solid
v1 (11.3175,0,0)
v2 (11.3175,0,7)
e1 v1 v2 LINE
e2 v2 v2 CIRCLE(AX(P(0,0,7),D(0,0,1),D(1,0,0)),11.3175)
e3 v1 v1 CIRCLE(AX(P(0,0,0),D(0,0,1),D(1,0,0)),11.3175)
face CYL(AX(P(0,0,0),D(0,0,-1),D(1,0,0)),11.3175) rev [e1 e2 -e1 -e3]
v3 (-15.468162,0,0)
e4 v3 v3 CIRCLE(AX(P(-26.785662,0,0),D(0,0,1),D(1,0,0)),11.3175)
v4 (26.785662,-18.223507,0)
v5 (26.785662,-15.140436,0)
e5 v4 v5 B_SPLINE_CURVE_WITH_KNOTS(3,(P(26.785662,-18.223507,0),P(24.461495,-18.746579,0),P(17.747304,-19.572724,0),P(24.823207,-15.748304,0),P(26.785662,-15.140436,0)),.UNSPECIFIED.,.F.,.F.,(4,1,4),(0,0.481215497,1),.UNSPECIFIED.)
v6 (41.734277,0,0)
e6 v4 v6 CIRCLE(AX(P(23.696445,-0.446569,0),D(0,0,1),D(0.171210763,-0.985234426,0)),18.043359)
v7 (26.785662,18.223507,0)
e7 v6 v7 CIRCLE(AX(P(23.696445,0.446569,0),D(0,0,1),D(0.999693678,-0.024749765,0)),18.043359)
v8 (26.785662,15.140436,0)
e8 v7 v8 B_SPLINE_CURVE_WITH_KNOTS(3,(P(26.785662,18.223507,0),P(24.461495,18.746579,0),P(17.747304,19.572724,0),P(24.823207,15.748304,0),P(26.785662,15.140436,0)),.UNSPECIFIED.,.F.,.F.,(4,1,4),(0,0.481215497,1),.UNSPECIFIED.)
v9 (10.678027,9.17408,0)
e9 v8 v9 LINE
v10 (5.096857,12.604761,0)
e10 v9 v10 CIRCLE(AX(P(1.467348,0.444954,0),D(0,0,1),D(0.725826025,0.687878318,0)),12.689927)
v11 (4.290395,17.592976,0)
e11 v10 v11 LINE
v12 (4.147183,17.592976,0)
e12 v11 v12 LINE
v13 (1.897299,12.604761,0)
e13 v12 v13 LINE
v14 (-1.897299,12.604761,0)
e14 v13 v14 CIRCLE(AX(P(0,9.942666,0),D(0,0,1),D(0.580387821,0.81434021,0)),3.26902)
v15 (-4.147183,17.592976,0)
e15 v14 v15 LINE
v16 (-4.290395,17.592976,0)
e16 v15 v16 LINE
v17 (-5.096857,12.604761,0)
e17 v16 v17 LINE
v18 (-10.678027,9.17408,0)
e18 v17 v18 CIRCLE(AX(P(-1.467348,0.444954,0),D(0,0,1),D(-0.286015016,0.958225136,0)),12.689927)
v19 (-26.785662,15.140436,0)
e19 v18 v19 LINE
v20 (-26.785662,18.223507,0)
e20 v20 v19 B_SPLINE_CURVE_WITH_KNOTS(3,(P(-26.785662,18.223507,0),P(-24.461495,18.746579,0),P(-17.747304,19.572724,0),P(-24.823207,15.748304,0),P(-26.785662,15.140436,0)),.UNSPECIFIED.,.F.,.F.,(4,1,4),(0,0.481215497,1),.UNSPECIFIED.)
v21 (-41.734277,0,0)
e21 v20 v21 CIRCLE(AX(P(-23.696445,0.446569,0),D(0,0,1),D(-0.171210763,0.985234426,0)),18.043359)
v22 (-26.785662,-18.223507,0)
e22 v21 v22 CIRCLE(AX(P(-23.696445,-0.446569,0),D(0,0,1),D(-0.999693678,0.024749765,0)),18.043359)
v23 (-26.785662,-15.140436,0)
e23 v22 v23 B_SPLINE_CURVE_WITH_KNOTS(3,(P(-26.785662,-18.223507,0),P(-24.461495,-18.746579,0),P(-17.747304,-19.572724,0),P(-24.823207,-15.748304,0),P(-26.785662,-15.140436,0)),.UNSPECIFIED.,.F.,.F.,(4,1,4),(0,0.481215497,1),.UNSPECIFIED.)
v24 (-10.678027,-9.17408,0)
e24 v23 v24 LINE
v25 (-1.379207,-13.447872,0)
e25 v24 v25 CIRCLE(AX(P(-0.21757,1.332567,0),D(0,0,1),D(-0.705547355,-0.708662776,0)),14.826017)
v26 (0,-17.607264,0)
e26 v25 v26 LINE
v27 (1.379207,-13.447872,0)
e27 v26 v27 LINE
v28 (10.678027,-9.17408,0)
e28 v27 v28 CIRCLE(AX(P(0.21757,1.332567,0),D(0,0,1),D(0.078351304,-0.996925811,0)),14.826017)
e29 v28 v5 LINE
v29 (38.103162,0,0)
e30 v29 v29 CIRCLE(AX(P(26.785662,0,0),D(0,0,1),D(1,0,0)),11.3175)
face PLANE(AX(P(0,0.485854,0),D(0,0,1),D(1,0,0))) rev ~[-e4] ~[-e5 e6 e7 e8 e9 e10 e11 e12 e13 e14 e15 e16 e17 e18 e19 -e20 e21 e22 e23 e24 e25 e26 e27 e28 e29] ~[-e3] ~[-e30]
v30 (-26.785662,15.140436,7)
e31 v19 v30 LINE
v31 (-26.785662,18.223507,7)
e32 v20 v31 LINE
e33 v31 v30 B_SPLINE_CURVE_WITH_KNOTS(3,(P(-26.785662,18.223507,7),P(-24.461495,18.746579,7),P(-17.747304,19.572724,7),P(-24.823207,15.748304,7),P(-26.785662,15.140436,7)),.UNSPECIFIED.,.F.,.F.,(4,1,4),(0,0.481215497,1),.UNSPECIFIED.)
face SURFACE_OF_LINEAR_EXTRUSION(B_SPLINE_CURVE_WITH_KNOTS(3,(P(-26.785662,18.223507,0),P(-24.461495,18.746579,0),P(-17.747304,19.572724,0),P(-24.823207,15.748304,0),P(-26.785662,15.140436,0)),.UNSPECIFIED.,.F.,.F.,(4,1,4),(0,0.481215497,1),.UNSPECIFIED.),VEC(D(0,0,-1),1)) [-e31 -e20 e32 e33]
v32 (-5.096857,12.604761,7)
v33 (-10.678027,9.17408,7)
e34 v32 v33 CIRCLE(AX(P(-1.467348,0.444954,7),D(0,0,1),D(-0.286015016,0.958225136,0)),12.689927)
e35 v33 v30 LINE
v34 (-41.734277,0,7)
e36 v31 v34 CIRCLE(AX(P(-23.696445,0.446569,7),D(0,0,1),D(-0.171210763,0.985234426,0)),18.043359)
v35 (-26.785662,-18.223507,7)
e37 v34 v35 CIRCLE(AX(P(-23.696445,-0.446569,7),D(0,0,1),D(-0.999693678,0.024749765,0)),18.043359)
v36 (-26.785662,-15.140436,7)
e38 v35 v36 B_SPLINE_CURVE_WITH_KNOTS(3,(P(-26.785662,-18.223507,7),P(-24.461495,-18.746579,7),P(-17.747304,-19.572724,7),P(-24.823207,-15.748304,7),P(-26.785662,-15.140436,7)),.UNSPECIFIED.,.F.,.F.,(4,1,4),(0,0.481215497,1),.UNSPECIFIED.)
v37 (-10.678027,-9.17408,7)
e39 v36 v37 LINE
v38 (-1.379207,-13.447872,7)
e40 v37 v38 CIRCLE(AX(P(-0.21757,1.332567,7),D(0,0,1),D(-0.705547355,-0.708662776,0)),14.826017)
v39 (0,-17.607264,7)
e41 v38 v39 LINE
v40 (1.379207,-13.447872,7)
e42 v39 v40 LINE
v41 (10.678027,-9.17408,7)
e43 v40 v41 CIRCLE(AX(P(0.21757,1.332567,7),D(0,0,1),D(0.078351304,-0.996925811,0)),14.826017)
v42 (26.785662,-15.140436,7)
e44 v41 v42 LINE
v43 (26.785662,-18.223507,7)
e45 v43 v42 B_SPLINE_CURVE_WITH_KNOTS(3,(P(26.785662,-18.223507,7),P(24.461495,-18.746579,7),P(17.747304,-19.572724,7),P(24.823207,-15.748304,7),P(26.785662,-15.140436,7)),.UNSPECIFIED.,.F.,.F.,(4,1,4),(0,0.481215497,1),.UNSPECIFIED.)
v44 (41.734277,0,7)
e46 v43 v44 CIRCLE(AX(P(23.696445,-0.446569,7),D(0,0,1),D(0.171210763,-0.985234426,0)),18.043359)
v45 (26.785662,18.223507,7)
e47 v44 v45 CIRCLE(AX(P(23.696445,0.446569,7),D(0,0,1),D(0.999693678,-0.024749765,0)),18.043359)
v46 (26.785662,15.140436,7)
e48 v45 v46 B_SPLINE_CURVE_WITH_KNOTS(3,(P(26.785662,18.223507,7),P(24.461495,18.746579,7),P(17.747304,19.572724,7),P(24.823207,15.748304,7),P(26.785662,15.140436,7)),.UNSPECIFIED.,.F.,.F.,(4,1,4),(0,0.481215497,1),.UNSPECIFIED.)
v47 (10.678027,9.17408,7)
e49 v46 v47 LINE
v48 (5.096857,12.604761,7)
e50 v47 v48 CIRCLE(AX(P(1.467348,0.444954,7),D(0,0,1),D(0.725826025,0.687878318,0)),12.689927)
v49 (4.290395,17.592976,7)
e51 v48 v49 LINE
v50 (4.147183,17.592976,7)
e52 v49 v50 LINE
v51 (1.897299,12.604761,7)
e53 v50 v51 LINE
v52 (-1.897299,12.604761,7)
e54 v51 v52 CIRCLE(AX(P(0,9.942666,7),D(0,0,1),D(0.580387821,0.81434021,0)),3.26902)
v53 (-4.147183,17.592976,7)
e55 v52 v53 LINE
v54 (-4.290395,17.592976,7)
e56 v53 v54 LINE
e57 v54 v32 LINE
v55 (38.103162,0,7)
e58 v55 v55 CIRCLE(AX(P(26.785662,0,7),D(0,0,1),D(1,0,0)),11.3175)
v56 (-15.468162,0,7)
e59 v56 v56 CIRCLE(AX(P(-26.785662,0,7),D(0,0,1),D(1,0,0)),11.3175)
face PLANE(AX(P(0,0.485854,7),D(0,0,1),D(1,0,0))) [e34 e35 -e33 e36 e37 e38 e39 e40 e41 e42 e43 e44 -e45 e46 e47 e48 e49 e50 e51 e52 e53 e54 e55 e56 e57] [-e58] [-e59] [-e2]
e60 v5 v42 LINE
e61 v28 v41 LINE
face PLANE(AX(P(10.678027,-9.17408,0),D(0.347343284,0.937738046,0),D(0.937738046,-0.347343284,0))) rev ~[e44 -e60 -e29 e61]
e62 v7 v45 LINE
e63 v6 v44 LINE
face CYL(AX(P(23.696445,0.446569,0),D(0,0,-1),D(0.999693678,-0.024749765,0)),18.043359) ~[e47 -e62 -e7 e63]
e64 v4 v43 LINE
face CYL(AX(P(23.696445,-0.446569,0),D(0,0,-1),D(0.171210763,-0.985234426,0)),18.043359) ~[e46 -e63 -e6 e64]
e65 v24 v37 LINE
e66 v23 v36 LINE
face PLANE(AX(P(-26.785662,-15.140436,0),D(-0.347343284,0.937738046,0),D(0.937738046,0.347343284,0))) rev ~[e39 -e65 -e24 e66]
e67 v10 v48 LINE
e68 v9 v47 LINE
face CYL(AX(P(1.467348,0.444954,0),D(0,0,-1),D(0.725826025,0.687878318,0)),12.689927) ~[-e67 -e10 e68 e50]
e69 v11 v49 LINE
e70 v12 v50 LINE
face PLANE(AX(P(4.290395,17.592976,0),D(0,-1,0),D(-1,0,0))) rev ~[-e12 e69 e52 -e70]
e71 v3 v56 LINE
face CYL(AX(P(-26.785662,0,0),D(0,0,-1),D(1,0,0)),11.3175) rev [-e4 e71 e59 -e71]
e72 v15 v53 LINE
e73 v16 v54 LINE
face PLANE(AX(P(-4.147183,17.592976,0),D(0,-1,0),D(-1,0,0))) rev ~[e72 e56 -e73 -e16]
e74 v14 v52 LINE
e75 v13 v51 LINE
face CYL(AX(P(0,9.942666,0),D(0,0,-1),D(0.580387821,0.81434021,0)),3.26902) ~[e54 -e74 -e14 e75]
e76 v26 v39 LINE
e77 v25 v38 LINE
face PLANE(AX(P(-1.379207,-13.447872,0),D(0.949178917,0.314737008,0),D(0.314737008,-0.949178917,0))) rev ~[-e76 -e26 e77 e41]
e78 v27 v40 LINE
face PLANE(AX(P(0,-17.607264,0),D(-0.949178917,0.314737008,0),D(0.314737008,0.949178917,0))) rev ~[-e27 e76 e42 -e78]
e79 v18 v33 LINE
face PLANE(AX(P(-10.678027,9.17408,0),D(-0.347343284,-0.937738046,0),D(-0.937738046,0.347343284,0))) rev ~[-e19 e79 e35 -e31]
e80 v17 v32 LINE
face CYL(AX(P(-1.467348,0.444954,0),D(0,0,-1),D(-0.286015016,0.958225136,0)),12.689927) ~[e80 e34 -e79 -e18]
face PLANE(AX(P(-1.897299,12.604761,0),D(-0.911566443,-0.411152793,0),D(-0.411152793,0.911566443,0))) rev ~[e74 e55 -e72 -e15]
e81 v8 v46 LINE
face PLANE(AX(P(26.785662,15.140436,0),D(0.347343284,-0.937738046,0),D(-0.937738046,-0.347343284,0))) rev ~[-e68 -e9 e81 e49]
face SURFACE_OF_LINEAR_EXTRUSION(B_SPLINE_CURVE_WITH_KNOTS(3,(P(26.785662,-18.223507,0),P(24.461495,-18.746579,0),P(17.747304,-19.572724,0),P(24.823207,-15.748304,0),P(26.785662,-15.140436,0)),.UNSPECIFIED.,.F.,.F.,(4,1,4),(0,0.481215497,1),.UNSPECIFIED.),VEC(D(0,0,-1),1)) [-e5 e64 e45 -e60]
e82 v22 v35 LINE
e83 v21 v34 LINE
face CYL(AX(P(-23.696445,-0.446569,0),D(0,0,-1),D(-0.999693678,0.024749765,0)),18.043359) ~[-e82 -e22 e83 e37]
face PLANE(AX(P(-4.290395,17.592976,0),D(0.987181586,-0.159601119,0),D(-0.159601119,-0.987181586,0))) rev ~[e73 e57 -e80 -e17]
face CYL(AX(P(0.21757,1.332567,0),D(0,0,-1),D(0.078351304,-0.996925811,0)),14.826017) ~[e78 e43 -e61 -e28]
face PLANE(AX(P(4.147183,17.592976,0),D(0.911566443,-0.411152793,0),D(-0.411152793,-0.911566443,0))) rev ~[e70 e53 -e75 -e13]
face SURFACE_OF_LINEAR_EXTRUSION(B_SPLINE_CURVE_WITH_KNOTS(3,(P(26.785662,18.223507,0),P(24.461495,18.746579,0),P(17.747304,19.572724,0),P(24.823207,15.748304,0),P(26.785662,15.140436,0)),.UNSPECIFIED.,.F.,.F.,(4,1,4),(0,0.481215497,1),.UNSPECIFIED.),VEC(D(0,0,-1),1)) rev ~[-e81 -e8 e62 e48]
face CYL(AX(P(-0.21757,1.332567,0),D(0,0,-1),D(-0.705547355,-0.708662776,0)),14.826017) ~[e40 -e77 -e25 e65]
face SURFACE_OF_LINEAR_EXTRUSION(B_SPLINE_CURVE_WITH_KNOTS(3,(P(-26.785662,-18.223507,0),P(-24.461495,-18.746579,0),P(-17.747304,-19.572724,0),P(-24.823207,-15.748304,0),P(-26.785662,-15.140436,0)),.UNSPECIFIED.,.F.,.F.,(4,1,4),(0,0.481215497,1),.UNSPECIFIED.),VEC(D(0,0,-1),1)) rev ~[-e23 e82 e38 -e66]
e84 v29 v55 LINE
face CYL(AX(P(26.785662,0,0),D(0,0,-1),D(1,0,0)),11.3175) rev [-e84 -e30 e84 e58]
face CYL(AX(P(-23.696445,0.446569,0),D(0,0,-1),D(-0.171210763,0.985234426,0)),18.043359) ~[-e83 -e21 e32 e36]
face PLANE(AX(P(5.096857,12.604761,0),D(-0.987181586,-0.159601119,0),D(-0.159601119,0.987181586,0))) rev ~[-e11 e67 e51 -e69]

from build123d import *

# Parameters (mm, degrees)
F0_R     = 11.3175
F1_DEPTH = 7


with BuildPart() as f1:
    # F0 (on Top) → F1 (new body)
    with BuildSketch(Plane.XY):
        with BuildLine():
            Line((-4.290395086, 17.5929758698), (-5.0968573363, 12.6047609374))
            ThreePointArc((-5.0968573363, 12.6047609374), (-8.1126471986, 11.2557929731), (-10.6780268249, 9.1740796317))
            Line((-10.6780268249, 9.1740796317), (-26.7856623974, 15.1404356559))
            add(Edge.make_bspline(
                [(-26.7856623974, 18.2235073295), (-24.4614947585, 18.7465790655), (-17.7473041351, 19.5727238507), (-24.8232074869, 15.7483035976), (-26.7856623974, 15.1404356559)],
                knots=[0, 0, 0, 0, 0.4812154975, 1, 1, 1, 1], degree=3))
            ThreePointArc((-26.7856623974, 18.2235073295), (-37.6467894519, 11.8899380244), (-41.7342770438, 0))
            ThreePointArc((-41.7342770438, 0), (-37.6467894519, -11.8899380244), (-26.7856623974, -18.2235073295))
            add(Edge.make_bspline(
                [(-26.7856623974, -18.2235073295), (-24.4614947585, -18.7465790655), (-17.7473041351, -19.5727238507), (-24.8232074869, -15.7483035976), (-26.7856623974, -15.1404356559)],
                knots=[0, 0, 0, 0, 0.4812154975, 1, 1, 1, 1], degree=3))
            Line((-26.7856623974, -15.1404356559), (-10.6780268249, -9.1740796317))
            ThreePointArc((-10.6780268249, -9.1740796317), (-6.4090636857, -12.1387429052), (-1.3792073587, -13.447872363))
            Line((-1.3792073587, -13.447872363), (0, -17.6072642207))
            Line((0, -17.6072642207), (1.3792073587, -13.447872363))
            ThreePointArc((1.3792073587, -13.447872363), (6.4090636857, -12.1387429052), (10.6780268249, -9.1740796317))
            Line((10.6780268249, -9.1740796317), (26.7856623974, -15.1404356559))
            add(Edge.make_bspline(
                [(26.7856623974, -18.2235073295), (24.4614947585, -18.7465790655), (17.7473041351, -19.5727238507), (24.8232074869, -15.7483035976), (26.7856623974, -15.1404356559)],
                knots=[0, 0, 0, 0, 0.4812154975, 1, 1, 1, 1], degree=3))
            ThreePointArc((26.7856623974, -18.2235073295), (37.6467894519, -11.8899380244), (41.7342770438, 0))
            ThreePointArc((41.7342770438, 0), (37.6467894519, 11.8899380244), (26.7856623974, 18.2235073295))
            add(Edge.make_bspline(
                [(26.7856623974, 18.2235073295), (24.4614947585, 18.7465790655), (17.7473041351, 19.5727238507), (24.8232074869, 15.7483035976), (26.7856623974, 15.1404356559)],
                knots=[0, 0, 0, 0, 0.4812154975, 1, 1, 1, 1], degree=3))
            Line((26.7856623974, 15.1404356559), (10.6780268249, 9.1740796317))
            ThreePointArc((10.6780268249, 9.1740796317), (8.1126471986, 11.2557929731), (5.0968573363, 12.6047609374))
            Line((5.0968573363, 12.6047609374), (4.290395086, 17.5929758698))
            Line((4.290395086, 17.5929758698), (4.1471831501, 17.5929758698))
            Line((4.1471831501, 17.5929758698), (1.8972994294, 12.6047609374))
            ThreePointArc((1.8972994294, 12.6047609374), (0, 13.2116865157), (-1.8972994294, 12.6047609374))
            Line((-1.8972994294, 12.6047609374), (-4.1471831501, 17.5929758698))
            Line((-4.1471831501, 17.5929758698), (-4.290395086, 17.5929758698))
        make_face()
        with Locations((-26.7856623974, 0)):
            Circle(F0_R, mode=Mode.SUBTRACT)
        Circle(F0_R, mode=Mode.SUBTRACT)
        with Locations((26.7856623974, 0)):
            Circle(F0_R, mode=Mode.SUBTRACT)
    extrude(amount=F1_DEPTH)


solid = f1.part
